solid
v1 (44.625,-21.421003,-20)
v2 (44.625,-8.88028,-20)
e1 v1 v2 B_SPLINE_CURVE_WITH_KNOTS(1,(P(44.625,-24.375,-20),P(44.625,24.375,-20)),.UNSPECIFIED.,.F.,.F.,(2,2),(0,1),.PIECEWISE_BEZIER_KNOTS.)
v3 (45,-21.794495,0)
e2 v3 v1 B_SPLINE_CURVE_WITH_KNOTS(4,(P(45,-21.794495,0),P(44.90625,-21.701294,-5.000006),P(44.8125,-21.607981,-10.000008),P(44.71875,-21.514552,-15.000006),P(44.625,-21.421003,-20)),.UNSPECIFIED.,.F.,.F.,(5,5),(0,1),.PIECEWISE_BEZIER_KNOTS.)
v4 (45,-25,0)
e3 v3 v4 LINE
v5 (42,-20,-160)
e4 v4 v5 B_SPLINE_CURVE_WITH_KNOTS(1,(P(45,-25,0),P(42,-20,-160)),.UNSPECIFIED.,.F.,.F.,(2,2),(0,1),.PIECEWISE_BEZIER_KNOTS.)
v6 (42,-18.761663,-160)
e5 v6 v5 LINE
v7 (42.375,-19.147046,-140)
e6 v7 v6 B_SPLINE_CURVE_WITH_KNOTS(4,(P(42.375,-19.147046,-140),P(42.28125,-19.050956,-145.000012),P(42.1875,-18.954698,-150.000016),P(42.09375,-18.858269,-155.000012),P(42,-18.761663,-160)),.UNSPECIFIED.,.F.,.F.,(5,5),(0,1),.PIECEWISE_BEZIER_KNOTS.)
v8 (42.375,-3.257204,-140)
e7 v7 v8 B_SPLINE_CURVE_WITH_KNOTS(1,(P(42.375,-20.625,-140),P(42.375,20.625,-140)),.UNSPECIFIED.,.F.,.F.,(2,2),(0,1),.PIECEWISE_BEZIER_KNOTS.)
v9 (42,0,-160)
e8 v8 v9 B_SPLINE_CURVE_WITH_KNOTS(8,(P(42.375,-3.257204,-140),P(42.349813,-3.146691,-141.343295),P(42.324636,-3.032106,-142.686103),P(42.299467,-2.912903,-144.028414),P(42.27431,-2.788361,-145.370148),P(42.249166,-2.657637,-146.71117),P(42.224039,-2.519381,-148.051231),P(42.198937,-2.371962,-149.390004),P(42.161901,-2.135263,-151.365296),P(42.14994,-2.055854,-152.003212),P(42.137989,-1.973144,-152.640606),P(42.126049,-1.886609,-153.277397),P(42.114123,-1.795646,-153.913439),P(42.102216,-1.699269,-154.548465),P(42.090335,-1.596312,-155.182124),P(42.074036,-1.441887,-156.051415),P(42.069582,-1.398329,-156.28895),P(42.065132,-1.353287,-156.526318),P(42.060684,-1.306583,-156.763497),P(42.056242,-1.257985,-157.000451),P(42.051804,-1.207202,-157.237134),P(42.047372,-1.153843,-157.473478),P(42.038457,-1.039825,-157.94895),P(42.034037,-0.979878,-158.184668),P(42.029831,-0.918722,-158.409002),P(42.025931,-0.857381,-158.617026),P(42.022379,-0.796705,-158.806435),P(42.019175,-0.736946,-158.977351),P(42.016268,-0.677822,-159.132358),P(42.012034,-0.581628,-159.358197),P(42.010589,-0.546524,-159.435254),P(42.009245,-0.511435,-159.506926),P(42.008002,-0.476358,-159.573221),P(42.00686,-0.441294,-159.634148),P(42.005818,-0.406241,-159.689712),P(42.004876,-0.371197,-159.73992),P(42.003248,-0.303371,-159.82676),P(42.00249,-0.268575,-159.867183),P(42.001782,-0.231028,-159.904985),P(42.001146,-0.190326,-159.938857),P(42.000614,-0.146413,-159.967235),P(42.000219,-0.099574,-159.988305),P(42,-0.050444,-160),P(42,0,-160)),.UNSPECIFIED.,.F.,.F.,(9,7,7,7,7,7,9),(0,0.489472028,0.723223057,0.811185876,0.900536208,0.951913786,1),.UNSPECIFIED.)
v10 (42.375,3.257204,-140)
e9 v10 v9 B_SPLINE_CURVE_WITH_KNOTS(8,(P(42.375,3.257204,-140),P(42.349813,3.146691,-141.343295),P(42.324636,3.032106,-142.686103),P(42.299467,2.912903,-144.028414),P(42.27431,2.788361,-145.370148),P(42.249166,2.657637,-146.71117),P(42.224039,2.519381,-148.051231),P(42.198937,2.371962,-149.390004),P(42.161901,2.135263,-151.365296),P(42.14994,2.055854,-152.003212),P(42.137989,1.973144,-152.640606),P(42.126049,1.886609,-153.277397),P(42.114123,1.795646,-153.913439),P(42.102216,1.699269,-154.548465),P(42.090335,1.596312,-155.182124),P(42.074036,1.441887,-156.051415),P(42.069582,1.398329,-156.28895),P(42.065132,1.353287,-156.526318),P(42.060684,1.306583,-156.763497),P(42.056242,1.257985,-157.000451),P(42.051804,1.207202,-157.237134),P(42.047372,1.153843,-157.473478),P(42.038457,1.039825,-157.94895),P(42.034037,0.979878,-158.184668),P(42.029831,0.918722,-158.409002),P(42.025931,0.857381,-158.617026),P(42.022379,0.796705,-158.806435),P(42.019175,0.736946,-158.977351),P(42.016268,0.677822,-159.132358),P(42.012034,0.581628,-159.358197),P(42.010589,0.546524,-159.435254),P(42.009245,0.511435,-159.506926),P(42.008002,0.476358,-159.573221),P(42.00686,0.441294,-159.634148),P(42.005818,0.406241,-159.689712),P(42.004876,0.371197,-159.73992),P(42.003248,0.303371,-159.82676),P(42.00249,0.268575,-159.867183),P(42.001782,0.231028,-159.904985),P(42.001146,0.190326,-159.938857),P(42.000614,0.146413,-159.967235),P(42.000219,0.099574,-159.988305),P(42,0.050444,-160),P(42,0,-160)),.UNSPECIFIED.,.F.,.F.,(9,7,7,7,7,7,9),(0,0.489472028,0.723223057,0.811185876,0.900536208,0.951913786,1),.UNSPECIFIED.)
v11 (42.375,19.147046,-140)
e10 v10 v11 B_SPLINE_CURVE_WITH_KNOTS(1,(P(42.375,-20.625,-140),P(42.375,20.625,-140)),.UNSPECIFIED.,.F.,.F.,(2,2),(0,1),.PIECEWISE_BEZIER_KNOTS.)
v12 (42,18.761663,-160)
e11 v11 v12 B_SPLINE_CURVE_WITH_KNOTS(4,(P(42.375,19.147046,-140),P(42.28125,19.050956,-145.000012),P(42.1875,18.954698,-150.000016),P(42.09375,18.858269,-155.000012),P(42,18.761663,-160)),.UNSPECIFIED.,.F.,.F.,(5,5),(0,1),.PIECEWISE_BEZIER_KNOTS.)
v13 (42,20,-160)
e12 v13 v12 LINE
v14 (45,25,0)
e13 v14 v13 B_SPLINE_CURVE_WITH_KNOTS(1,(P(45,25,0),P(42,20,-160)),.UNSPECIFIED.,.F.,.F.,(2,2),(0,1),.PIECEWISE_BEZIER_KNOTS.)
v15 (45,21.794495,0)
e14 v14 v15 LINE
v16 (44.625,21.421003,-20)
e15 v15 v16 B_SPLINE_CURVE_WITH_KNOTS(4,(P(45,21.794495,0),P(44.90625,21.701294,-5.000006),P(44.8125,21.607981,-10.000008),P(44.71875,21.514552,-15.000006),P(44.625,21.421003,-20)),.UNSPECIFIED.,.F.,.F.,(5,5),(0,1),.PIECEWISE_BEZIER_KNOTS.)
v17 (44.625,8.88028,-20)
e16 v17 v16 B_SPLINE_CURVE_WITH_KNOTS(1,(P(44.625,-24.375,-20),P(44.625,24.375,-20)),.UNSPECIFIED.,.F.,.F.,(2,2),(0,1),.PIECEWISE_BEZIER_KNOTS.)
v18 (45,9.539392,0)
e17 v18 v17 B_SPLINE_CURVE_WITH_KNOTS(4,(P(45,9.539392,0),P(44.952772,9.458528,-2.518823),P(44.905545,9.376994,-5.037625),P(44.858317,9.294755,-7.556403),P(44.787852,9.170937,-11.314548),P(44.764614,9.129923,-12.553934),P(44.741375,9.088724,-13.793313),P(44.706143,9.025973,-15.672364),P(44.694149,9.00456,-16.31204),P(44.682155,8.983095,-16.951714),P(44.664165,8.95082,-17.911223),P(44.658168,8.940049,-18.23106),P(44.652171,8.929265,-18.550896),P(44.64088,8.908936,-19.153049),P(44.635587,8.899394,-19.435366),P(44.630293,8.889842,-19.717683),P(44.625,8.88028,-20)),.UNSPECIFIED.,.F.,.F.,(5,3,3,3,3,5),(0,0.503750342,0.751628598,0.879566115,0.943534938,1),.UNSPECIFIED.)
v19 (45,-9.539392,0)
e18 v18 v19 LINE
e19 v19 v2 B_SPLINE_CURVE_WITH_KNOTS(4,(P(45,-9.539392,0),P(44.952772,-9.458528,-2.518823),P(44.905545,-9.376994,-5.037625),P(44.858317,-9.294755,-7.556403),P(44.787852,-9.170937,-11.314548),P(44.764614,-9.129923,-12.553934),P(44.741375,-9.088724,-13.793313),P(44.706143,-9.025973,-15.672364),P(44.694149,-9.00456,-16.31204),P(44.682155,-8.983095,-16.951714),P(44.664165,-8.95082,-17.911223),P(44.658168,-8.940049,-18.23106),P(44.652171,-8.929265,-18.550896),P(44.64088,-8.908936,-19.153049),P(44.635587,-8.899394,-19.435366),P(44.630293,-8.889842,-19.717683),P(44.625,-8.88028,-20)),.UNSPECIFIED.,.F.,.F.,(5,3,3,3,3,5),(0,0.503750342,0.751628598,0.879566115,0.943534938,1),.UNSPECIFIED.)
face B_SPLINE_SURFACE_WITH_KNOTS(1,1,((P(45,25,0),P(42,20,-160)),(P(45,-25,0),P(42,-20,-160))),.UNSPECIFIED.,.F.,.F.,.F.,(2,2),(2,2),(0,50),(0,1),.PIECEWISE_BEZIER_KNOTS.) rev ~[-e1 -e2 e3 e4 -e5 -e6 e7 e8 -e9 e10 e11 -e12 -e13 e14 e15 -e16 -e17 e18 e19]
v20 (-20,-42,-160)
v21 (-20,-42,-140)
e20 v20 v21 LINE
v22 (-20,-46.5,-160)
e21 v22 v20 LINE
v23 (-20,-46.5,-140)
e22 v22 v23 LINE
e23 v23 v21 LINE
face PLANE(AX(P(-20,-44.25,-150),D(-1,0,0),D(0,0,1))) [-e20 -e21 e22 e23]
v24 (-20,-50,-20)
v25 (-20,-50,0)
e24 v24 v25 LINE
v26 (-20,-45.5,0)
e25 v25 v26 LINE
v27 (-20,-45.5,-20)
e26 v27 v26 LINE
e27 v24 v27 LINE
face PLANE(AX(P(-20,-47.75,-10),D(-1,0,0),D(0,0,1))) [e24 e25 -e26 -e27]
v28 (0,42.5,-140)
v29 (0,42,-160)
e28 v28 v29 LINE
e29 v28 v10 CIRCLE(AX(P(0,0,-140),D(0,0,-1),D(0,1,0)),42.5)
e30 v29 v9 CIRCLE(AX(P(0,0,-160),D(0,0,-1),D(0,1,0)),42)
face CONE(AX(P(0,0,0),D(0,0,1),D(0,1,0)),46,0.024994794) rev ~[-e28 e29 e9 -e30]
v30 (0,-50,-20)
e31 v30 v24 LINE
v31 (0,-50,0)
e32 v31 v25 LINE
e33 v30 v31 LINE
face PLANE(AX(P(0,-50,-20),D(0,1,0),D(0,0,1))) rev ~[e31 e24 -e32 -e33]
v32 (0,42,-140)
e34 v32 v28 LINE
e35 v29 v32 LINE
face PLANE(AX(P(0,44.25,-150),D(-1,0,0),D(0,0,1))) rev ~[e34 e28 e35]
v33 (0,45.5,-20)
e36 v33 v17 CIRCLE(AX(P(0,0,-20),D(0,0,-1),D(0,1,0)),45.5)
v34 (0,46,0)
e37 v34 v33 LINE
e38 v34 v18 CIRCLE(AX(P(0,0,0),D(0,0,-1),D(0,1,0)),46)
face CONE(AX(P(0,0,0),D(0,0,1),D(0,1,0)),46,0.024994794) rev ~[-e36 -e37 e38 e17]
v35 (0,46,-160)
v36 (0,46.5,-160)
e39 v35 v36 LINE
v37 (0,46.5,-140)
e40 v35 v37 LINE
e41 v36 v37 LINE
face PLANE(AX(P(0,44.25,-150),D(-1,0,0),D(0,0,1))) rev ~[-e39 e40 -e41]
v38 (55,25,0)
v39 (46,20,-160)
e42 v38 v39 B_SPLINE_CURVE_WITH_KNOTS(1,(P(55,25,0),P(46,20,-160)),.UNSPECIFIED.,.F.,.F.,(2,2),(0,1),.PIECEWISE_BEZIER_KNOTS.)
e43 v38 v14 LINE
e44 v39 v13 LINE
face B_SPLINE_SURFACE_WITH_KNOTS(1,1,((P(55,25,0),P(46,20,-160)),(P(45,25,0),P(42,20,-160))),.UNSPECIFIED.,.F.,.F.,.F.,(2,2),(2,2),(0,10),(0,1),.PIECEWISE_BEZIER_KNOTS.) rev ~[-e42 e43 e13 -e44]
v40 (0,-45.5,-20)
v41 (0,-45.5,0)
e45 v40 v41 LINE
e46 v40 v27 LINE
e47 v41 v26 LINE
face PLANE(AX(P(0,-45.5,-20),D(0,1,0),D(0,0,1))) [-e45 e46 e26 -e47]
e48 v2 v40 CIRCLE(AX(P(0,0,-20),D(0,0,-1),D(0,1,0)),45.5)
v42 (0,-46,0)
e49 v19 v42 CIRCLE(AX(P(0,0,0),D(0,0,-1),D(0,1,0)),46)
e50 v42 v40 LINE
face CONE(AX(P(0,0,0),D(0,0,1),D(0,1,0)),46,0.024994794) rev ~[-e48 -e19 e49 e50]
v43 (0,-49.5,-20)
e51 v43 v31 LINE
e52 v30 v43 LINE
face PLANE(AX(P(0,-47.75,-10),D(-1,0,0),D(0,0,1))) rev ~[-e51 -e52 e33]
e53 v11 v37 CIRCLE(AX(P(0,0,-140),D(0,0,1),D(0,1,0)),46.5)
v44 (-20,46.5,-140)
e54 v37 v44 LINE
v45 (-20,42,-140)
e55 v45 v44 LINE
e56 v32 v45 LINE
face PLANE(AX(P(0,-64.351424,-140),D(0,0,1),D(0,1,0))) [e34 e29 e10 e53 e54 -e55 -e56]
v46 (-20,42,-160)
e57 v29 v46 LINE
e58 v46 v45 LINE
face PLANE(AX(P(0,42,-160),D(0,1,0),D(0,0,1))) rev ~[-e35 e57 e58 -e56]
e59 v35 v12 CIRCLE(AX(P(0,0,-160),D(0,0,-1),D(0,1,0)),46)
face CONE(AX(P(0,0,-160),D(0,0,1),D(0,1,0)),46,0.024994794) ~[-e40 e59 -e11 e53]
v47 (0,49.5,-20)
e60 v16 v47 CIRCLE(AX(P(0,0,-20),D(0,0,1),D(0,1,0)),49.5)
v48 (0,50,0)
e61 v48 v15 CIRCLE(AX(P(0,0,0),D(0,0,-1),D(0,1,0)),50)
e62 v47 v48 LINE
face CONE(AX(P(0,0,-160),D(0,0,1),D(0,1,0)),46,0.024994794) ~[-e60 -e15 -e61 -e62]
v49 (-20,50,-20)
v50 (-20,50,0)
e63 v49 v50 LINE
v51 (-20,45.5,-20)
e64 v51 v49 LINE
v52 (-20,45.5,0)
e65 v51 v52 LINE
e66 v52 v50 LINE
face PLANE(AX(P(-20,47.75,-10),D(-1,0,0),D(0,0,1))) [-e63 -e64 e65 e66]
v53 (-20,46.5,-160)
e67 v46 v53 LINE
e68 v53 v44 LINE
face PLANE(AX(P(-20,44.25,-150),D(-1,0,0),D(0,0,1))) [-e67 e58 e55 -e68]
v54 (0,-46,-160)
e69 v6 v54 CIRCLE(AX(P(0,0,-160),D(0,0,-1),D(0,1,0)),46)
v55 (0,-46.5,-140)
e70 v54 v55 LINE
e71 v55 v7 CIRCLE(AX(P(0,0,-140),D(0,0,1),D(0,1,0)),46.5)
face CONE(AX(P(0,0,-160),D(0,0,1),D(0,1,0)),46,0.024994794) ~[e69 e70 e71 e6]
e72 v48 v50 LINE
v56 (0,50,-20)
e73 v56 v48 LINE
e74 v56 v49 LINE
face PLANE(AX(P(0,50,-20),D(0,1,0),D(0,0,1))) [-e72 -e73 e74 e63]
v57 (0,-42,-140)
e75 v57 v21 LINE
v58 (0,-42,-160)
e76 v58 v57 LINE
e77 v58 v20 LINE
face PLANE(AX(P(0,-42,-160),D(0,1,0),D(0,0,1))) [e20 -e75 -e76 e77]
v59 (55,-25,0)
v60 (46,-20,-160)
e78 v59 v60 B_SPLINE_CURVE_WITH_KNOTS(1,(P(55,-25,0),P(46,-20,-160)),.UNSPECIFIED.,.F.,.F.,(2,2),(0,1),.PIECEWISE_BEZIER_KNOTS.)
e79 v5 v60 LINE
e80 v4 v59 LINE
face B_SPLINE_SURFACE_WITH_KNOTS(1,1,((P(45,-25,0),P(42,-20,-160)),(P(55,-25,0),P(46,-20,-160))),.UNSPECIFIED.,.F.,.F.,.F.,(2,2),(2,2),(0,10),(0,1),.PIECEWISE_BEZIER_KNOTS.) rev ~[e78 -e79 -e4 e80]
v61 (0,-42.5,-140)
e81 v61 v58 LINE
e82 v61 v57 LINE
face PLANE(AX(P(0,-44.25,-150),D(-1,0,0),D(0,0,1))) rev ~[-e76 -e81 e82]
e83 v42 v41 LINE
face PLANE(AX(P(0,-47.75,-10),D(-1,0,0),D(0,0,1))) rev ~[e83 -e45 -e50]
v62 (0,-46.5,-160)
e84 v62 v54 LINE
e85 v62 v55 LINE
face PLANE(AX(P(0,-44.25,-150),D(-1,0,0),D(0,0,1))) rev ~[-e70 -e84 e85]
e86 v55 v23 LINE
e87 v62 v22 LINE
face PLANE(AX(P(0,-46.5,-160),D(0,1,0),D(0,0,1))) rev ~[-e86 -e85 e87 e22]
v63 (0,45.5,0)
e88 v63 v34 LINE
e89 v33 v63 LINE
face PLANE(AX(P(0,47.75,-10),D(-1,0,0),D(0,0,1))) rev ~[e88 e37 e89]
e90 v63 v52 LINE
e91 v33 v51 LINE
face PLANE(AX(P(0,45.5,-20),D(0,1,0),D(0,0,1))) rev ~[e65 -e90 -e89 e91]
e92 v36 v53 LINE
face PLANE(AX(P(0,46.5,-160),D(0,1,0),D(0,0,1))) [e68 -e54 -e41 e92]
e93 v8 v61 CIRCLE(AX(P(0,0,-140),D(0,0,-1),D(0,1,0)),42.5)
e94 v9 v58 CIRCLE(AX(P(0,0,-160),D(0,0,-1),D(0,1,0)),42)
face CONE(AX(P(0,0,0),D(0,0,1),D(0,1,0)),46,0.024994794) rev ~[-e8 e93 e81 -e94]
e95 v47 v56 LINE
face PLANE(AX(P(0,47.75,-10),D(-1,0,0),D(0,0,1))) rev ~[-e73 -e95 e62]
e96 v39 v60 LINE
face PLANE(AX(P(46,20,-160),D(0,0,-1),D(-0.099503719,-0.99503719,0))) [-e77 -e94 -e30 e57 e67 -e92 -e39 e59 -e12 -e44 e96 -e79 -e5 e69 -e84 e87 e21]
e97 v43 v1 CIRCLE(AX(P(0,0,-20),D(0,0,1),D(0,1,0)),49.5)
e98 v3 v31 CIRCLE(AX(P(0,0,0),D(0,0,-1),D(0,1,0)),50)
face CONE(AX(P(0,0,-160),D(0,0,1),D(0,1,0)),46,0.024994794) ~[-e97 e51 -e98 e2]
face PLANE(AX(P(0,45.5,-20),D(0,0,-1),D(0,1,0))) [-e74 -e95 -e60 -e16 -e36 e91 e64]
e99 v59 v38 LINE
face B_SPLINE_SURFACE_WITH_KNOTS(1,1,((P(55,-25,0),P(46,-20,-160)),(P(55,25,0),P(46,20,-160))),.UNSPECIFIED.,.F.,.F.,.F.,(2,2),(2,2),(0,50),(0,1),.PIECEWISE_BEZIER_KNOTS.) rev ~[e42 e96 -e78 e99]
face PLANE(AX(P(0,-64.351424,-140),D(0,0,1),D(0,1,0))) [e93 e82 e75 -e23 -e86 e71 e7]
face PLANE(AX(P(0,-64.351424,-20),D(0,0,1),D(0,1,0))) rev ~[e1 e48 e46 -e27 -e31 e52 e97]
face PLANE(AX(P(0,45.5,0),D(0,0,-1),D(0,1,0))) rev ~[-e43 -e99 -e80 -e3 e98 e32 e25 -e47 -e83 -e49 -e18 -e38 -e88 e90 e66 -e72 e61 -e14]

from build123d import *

# Parameters (mm, degrees)
REVOLVE_1_ANGLE     = 180
SKETCH_2_W          = 120
SKETCH_2_H          = 124.466444362
CUT_EXTRUDE_1_DEPTH = 175.928556845
SKETCH_6_W          = 20
SKETCH_6_H          = 4.5
EXTRUDE_1_DEPTH     = 20


with BuildPart() as part:
    # 草图1 → 旋转1 (revolve)
    with BuildSketch(Plane(origin=(0, 0, 0), x_dir=(0, 0, -1), z_dir=(1, 0, 0))):
        Polygon((0, 50), (0, 46), (160, 42), (160, 46), align=None)
    revolve(axis=Axis((0, 0, 0), (0, 0, -1)), revolution_arc=REVOLVE_1_ANGLE)

    # 草图2 → 切除-拉伸1 (cut, through all)
    with BuildSketch(Plane(origin=(0, 0, 0), x_dir=(0, 0, -1), z_dir=(1, 0, 0))):
        with Locations((80, -2.118201403)):
            Rectangle(SKETCH_2_W, SKETCH_2_H)
    extrude(amount=CUT_EXTRUDE_1_DEPTH, mode=Mode.SUBTRACT)


with BuildPart() as cut_extrude_1_piece_1:
    # of the separate pieces the step leaves, piece 1, a body of its own (cut_extrude_1_pieces)
    add(part.part.solids().sort_by_distance((0, 50, 0))[0])



with BuildPart() as cut_extrude_1_piece_2:
    # of the separate pieces the step leaves, piece 2, a body of its own (cut_extrude_1_pieces)
    add(part.part.solids().sort_by_distance((0, 46, -160))[0])


with BuildPart() as cut_extrude_1_piece_1_1:
    add(cut_extrude_1_piece_1.part)

    add(cut_extrude_1_piece_2.part)  # 放样1 merges 切除-拉伸1 piece 2
    # 草图3 → 放样1 section 0
    with BuildSketch(Plane.XY):
        with BuildLine():
            Line((55, 25), (45, 25))
            Line((45, 25), (45, -25))
            Line((45, -25), (55, -25))
            Line((55, -25), (55, 25))
        make_face()
    # 草图4 → 放样1 section 1
    with BuildSketch(Plane(origin=(0, 0, -160), x_dir=(-1, 0, 0), z_dir=(0, 0, -1))):
        with BuildLine():
            Line((-46, 20), (-42, 20))
            Line((-42, 20), (-42, -20))
            Line((-42, -20), (-46, -20))
            Line((-46, -20), (-46, 20))
        make_face()
    loft()

    # 草图6 → 凸台-拉伸1 (add)
    with BuildSketch(Plane.ZY):
        with Locations((-10, 47.75)):
            Rectangle(SKETCH_6_W, SKETCH_6_H)
        with Locations((-10, -47.75)):
            Rectangle(SKETCH_6_W, SKETCH_6_H)
        with Locations((-150, -44.25)):
            Rectangle(SKETCH_6_W, SKETCH_6_H)
        with Locations((-150, 44.25)):
            Rectangle(SKETCH_6_W, SKETCH_6_H)
    extrude(amount=EXTRUDE_1_DEPTH)


solid = cut_extrude_1_piece_1_1.part
